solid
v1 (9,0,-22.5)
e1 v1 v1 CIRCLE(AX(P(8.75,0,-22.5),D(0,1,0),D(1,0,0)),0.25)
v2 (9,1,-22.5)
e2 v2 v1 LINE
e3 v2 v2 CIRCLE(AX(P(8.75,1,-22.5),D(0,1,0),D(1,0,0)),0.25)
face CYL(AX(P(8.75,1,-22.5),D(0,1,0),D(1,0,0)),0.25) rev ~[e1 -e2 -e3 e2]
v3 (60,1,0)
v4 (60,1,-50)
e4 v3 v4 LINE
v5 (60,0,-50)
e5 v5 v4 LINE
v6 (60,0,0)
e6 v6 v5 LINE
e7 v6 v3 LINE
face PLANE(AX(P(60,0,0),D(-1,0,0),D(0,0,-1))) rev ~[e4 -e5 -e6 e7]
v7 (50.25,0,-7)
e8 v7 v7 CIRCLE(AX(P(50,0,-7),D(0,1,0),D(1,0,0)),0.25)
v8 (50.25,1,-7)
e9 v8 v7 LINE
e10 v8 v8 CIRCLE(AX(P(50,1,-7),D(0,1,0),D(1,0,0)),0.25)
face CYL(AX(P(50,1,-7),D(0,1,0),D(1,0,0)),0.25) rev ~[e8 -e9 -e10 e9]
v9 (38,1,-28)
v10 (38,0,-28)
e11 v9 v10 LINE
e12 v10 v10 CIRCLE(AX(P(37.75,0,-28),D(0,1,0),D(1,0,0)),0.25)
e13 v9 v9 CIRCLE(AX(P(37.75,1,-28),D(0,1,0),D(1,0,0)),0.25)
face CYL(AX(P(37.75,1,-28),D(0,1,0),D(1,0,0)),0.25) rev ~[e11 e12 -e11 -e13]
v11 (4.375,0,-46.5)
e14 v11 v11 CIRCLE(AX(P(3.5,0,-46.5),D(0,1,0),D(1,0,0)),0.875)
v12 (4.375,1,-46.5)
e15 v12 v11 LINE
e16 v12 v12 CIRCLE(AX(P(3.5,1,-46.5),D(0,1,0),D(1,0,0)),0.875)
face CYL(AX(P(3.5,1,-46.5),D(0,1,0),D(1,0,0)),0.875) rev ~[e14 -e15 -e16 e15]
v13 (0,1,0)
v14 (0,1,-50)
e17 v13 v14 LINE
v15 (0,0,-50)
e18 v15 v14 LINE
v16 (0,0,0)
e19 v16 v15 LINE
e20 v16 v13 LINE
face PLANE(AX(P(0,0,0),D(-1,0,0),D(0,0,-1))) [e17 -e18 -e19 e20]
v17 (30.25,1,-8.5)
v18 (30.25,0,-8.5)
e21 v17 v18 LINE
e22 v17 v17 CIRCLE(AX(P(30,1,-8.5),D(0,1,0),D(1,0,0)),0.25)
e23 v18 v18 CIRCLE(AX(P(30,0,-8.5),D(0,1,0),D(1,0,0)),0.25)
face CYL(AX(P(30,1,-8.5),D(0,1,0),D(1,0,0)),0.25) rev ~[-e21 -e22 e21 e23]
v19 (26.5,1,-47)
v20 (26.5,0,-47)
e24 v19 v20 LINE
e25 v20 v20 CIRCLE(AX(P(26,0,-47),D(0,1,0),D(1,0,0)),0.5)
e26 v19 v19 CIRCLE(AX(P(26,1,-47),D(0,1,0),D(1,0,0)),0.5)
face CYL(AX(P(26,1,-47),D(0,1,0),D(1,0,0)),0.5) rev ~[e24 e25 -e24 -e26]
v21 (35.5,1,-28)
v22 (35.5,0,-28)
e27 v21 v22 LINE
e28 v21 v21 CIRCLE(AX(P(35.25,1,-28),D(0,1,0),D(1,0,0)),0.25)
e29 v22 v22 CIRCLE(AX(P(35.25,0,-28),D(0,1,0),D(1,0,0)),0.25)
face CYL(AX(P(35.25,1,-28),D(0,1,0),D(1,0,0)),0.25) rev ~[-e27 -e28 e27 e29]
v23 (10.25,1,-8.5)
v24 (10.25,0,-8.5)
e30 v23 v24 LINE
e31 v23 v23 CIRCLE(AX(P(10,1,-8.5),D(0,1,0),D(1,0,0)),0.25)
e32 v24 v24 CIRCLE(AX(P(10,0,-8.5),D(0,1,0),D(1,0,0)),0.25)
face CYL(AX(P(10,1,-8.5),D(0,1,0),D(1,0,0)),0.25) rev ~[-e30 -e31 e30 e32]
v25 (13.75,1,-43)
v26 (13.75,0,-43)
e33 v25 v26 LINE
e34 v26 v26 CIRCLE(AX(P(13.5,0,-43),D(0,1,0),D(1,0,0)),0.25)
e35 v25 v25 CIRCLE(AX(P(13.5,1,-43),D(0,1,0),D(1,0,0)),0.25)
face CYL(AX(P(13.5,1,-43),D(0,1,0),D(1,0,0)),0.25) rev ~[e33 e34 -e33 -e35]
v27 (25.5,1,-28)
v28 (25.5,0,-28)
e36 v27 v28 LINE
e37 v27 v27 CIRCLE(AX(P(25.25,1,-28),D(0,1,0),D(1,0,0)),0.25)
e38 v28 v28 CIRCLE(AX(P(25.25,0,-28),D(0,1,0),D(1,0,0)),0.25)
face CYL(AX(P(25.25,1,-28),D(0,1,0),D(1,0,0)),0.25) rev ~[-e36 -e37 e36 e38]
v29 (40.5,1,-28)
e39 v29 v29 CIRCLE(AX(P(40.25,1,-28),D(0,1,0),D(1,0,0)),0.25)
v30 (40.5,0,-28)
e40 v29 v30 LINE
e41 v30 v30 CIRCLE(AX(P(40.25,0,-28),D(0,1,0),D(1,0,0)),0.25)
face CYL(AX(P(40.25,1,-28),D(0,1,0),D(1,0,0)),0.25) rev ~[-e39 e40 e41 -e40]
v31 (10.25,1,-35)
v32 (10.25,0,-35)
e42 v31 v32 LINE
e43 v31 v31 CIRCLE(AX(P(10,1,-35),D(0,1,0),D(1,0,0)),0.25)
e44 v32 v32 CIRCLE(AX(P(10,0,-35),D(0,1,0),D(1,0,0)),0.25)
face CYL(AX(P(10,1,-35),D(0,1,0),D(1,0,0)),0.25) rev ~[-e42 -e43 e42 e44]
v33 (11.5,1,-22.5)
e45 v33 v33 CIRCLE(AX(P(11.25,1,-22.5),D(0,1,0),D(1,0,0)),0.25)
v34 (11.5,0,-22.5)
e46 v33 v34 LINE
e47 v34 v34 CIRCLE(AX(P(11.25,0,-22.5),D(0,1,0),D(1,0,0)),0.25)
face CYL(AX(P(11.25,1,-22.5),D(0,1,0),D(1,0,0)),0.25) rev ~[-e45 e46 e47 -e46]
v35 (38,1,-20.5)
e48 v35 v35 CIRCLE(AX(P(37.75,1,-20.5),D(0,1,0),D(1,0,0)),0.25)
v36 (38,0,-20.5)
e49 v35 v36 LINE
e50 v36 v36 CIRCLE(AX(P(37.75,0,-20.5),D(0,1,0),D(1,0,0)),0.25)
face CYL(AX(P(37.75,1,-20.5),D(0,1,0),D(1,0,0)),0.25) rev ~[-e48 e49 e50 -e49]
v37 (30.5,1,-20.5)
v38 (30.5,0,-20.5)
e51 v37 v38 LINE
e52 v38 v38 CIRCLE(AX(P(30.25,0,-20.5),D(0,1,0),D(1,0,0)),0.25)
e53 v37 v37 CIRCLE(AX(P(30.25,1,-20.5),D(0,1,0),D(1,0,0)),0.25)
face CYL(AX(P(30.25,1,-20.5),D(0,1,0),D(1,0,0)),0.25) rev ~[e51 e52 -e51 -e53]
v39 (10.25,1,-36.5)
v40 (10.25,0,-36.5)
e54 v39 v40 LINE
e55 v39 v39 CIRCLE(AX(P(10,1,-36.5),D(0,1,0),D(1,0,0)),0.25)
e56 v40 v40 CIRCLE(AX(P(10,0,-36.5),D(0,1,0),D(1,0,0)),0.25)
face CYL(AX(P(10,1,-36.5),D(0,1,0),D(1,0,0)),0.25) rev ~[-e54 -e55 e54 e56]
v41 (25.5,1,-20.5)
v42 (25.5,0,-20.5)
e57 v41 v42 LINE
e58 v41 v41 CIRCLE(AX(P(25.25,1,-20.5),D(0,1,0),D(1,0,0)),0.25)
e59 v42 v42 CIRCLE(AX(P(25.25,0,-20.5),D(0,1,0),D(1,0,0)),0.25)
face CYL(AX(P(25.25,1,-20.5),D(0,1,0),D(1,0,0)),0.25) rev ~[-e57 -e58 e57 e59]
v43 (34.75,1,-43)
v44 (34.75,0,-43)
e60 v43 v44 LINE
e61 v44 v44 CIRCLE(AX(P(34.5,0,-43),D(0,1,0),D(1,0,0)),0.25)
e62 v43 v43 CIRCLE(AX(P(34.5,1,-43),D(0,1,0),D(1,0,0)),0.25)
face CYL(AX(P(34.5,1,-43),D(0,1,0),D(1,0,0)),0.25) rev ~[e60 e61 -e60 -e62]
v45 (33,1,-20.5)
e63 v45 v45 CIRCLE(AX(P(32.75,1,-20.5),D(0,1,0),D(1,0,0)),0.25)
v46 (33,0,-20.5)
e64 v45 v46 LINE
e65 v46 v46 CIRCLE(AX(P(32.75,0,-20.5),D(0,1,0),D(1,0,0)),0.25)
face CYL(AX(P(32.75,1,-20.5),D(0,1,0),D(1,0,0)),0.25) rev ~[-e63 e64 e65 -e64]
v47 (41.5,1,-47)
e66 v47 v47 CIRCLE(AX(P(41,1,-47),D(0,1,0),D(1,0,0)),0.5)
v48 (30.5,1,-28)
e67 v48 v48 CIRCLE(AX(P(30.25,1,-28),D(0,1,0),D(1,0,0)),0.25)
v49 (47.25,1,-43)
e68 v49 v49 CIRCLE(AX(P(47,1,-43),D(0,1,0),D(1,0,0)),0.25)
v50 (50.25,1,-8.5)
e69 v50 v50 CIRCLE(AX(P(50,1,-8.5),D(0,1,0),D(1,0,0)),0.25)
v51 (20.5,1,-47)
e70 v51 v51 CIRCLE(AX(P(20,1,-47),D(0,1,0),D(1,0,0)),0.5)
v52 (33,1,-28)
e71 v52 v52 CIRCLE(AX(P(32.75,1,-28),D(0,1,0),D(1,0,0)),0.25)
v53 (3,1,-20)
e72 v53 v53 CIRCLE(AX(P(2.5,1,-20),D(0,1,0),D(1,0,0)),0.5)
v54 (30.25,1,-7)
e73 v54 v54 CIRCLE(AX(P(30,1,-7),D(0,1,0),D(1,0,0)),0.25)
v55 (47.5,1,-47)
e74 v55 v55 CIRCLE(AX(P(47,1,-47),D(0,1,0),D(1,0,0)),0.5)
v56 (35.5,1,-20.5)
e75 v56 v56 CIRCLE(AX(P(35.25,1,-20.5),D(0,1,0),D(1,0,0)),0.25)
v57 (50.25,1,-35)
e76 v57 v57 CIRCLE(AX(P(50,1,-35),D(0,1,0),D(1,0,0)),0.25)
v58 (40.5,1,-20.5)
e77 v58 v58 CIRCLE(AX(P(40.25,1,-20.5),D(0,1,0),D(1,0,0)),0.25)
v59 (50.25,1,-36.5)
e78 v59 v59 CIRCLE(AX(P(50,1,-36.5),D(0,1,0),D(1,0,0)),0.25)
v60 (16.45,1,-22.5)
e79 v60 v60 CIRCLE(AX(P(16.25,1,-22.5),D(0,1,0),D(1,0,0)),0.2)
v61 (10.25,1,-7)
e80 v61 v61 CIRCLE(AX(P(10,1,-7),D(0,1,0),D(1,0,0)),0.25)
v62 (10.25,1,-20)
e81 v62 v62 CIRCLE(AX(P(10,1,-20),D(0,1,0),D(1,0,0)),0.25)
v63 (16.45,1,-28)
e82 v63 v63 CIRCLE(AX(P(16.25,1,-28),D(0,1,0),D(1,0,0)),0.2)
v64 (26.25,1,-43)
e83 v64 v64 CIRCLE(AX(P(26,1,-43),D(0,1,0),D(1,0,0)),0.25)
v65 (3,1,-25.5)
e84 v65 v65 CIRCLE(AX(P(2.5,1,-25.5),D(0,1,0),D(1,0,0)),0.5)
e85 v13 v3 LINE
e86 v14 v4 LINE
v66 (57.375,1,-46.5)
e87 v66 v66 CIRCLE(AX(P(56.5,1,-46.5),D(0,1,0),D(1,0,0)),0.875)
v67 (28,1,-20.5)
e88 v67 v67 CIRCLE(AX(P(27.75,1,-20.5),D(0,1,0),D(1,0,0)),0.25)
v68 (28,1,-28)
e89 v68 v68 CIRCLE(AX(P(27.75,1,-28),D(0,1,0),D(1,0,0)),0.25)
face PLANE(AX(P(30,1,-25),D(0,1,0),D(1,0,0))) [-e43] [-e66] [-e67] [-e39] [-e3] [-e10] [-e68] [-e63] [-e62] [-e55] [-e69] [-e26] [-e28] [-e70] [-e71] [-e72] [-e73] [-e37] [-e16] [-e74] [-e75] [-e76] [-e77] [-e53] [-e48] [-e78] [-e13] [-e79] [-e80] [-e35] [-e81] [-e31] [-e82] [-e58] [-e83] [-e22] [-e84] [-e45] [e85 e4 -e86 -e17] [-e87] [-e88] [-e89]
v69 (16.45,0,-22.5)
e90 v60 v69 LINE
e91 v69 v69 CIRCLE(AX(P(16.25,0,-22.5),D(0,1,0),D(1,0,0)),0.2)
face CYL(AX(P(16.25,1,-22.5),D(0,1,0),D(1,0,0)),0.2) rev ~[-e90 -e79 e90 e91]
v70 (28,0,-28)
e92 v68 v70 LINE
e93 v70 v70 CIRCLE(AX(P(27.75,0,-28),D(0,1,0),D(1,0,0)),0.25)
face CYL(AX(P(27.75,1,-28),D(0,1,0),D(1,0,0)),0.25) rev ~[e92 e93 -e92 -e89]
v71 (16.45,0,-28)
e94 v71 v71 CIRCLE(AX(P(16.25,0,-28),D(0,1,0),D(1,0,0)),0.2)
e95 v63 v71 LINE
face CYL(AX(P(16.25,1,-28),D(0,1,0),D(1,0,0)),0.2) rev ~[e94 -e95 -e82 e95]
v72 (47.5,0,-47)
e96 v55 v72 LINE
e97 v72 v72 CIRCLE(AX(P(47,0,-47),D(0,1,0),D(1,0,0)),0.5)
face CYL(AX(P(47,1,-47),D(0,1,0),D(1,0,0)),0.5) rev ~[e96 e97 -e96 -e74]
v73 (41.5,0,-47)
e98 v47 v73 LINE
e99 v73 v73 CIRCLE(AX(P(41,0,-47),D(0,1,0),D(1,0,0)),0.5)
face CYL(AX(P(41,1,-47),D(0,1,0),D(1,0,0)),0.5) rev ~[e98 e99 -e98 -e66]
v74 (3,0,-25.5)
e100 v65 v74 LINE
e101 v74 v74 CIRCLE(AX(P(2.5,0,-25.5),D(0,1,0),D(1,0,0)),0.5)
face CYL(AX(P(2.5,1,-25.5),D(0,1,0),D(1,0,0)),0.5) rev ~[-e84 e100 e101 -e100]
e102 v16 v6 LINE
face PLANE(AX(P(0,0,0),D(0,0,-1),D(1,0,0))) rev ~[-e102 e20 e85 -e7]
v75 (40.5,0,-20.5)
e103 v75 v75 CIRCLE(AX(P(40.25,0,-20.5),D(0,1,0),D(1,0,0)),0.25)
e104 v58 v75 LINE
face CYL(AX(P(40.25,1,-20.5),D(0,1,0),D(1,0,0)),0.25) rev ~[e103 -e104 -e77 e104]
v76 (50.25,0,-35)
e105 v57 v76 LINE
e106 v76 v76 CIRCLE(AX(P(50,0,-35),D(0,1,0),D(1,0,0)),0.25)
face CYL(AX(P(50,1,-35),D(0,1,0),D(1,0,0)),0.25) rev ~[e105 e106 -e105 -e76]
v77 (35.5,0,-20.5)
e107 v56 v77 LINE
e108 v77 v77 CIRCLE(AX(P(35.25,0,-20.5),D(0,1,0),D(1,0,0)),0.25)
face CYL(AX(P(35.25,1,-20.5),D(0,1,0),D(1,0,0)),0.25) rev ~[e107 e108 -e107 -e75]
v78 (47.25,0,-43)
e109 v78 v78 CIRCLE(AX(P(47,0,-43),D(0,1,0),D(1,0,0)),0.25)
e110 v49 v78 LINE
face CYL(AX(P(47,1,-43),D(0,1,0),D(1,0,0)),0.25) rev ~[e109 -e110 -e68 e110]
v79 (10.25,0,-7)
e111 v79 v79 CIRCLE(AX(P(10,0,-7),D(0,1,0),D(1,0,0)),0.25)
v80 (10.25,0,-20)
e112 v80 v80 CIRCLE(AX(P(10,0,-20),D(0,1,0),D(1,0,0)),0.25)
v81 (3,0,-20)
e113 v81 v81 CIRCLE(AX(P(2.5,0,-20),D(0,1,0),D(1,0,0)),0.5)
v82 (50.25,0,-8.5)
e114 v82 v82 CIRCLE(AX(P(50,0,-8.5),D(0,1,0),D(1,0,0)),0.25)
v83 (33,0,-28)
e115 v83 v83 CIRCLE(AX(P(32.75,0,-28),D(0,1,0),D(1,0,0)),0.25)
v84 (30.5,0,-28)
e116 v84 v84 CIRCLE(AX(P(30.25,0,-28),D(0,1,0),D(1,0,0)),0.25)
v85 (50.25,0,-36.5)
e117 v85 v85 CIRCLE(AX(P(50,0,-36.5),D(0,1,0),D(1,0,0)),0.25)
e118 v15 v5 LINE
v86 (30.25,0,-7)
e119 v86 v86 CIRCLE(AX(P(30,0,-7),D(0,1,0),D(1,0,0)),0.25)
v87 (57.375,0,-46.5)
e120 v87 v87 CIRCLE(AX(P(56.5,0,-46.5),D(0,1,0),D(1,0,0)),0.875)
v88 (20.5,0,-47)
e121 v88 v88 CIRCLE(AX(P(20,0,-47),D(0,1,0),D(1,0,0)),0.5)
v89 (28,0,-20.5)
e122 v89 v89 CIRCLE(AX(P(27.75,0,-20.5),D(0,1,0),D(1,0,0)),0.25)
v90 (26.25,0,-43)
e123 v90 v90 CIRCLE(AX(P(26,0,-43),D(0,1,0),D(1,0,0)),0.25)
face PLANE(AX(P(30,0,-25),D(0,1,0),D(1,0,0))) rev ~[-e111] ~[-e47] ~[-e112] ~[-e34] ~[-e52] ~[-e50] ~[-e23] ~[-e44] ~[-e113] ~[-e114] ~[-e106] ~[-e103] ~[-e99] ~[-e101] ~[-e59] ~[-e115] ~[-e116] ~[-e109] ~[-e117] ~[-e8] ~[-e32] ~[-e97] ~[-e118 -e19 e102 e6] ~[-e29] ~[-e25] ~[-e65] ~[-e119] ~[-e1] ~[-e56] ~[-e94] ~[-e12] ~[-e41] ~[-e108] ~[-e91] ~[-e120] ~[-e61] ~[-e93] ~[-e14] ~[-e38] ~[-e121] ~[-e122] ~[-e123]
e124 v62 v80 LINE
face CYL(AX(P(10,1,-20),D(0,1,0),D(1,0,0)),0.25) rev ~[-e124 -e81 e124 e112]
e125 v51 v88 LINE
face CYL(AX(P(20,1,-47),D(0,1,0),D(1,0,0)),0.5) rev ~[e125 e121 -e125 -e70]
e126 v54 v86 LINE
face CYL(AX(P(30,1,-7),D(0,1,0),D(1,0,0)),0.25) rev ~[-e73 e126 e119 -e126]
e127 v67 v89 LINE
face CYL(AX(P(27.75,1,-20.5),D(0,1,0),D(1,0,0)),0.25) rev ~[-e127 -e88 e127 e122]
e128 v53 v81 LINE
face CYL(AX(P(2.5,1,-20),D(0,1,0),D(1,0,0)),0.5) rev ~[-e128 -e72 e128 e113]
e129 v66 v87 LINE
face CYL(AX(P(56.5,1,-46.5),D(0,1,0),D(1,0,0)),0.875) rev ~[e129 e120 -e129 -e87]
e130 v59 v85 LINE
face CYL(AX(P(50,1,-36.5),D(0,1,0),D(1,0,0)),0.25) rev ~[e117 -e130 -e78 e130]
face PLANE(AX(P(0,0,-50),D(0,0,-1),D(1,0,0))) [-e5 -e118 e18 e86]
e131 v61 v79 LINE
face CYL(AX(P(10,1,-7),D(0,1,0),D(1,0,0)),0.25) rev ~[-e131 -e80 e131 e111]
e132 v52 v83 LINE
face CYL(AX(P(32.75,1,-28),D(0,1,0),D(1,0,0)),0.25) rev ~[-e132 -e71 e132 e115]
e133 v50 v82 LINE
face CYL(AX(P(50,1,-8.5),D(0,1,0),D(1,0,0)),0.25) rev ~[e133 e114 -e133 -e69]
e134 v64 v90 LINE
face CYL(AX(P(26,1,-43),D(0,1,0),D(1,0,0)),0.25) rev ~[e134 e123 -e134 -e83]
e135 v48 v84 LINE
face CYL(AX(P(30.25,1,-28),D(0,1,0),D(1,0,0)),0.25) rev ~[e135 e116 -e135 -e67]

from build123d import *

# Parameters (mm, degrees)
SKETCH1_W           = 60
SKETCH1_H           = 50
BOSS_EXTRUDE1_DEPTH = 1
SKETCH2_R           = 0.25
CUT_EXTRUDE1_DEPTH  = 1.5
LPATTERN1_COUNT     = 3
LPATTERN1_PITCH     = 20
SKETCH3_R           = 0.25
CUT_EXTRUDE2_DEPTH  = 1.5
LPATTERN2_COUNT     = 3
LPATTERN2_PITCH     = 20
SKETCH4_R           = 0.5
CUT_EXTRUDE3_DEPTH  = 1.5
SKETCH5_R           = 0.25
CUT_EXTRUDE4_DEPTH  = 1.5
SKETCH6_R           = 0.2
CUT_EXTRUDE5_DEPTH  = 1.5
SKETCH7_R           = 0.25
CUT_EXTRUDE6_DEPTH  = 1.5
LPATTERN3_COUNT     = 7
LPATTERN3_PITCH     = 2.5
SKETCH8_R           = 0.25
CUT_EXTRUDE7_DEPTH  = 1.5
SKETCH9_R           = 0.875
CUT_EXTRUDE8_DEPTH  = 1.5
SKETCH10_R          = 0.5
CUT_EXTRUDE9_DEPTH  = 1.5
SKETCH11_R          = 0.25
CUT_EXTRUDE10_DEPTH = 1.5
SKETCH12_R          = 0.25
CUT_EXTRUDE11_DEPTH = 1.5


with BuildPart() as part:
    # Sketch1 → Boss-Extrude1 (new body)
    with BuildSketch(Plane(origin=(0, 0, 0), x_dir=(1, 0, 0), z_dir=(0, 1, 0))):
        with Locations((30, 25)):
            Rectangle(SKETCH1_W, SKETCH1_H)
    extrude(amount=BOSS_EXTRUDE1_DEPTH)

    # Sketch2 → Cut-Extrude1 (cut)
    with BuildSketch(Plane(origin=(0, 1, 0), x_dir=(1, 0, 0), z_dir=(0, 1, 0))):
        with Locations((10, 7)):
            Circle(SKETCH2_R)
    cut_extrude1 = extrude(amount=-CUT_EXTRUDE1_DEPTH, mode=Mode.SUBTRACT)

    # LPattern1: Cut-Extrude1 ×3
    with Locations(*[(i * LPATTERN1_PITCH, 0, 0) for i in range(1, LPATTERN1_COUNT)]):
        add(cut_extrude1, mode=Mode.SUBTRACT)

    # Sketch3 → Cut-Extrude2 (cut)
    with BuildSketch(Plane(origin=(0, 1, 0), x_dir=(1, 0, 0), z_dir=(0, 1, 0))):
        with Locations((10, 8.5)):
            Circle(SKETCH3_R)
    cut_extrude2 = extrude(amount=-CUT_EXTRUDE2_DEPTH, mode=Mode.SUBTRACT)

    # LPattern2: Cut-Extrude2 ×3
    with Locations(*[(i * LPATTERN2_PITCH, 0, 0) for i in range(1, LPATTERN2_COUNT)]):
        add(cut_extrude2, mode=Mode.SUBTRACT)

    # Sketch4 → Cut-Extrude3 (cut)
    with BuildSketch(Plane(origin=(0, 1, 0), x_dir=(1, 0, 0), z_dir=(0, 1, 0))):
        with Locations((2.5, 20)):
            Circle(SKETCH4_R)
        with Locations((2.5, 25.5)):
            Circle(SKETCH4_R)
    extrude(amount=-CUT_EXTRUDE3_DEPTH, mode=Mode.SUBTRACT)

    # Sketch5 → Cut-Extrude4 (cut)
    with BuildSketch(Plane(origin=(0, 1, 0), x_dir=(1, 0, 0), z_dir=(0, 1, 0))):
        with Locations((10, 20)):
            Circle(SKETCH5_R)
        with Locations((11.25, 22.5)):
            Circle(SKETCH5_R)
        with Locations((8.75, 22.5)):
            Circle(SKETCH5_R)
    extrude(amount=-CUT_EXTRUDE4_DEPTH, mode=Mode.SUBTRACT)

    # Sketch6 → Cut-Extrude5 (cut)
    with BuildSketch(Plane(origin=(0, 1, 0), x_dir=(1, 0, 0), z_dir=(0, 1, 0))):
        with Locations((16.25, 22.5)):
            Circle(SKETCH6_R)
        with Locations((16.25, 28)):
            Circle(SKETCH6_R)
    extrude(amount=-CUT_EXTRUDE5_DEPTH, mode=Mode.SUBTRACT)

    # Sketch7 → Cut-Extrude6 (cut)
    with BuildSketch(Plane(origin=(0, 1, 0), x_dir=(1, 0, 0), z_dir=(0, 1, 0))):
        with Locations((25.25, 28)):
            Circle(SKETCH7_R)
        with Locations((25.25, 20.5)):
            Circle(SKETCH7_R)
    cut_extrude6 = extrude(amount=-CUT_EXTRUDE6_DEPTH, mode=Mode.SUBTRACT)

    # LPattern3: Cut-Extrude6 ×7
    with Locations(*[(i * LPATTERN3_PITCH, 0, 0) for i in range(1, LPATTERN3_COUNT)]):
        add(cut_extrude6, mode=Mode.SUBTRACT)

    # Sketch8 → Cut-Extrude7 (cut)
    with BuildSketch(Plane(origin=(0, 1, 0), x_dir=(1, 0, 0), z_dir=(0, 1, 0))):
        with Locations((50, 35)):
            Circle(SKETCH8_R)
        with Locations((50, 36.5)):
            Circle(SKETCH8_R)
    extrude(amount=-CUT_EXTRUDE7_DEPTH, mode=Mode.SUBTRACT)

    # Sketch9 → Cut-Extrude8 (cut)
    with BuildSketch(Plane(origin=(0, 1, 0), x_dir=(1, 0, 0), z_dir=(0, 1, 0))):
        with Locations((56.5, 46.5)):
            Circle(SKETCH9_R)
        with Locations((3.5, 46.5)):
            Circle(SKETCH9_R)
    extrude(amount=-CUT_EXTRUDE8_DEPTH, mode=Mode.SUBTRACT)

    # Sketch10 → Cut-Extrude9 (cut)
    with BuildSketch(Plane(origin=(0, 1, 0), x_dir=(1, 0, 0), z_dir=(0, 1, 0))):
        with Locations((47, 47)):
            Circle(SKETCH10_R)
        with Locations((41, 47)):
            Circle(SKETCH10_R)
        with Locations((26, 47)):
            Circle(SKETCH10_R)
        with Locations((20, 47)):
            Circle(SKETCH10_R)
    extrude(amount=-CUT_EXTRUDE9_DEPTH, mode=Mode.SUBTRACT)

    # Sketch11 → Cut-Extrude10 (cut)
    with BuildSketch(Plane(origin=(0, 1, 0), x_dir=(1, 0, 0), z_dir=(0, 1, 0))):
        with Locations((47, 43)):
            Circle(SKETCH11_R)
        with Locations((34.5, 43)):
            Circle(SKETCH11_R)
        with Locations((26, 43)):
            Circle(SKETCH11_R)
        with Locations((13.5, 43)):
            Circle(SKETCH11_R)
    extrude(amount=-CUT_EXTRUDE10_DEPTH, mode=Mode.SUBTRACT)

    # Sketch12 → Cut-Extrude11 (cut)
    with BuildSketch(Plane(origin=(0, 1, 0), x_dir=(1, 0, 0), z_dir=(0, 1, 0))):
        with Locations((10, 36.5)):
            Circle(SKETCH12_R)
        with Locations((10, 35)):
            Circle(SKETCH12_R)
    extrude(amount=-CUT_EXTRUDE11_DEPTH, mode=Mode.SUBTRACT)


solid = part.part
